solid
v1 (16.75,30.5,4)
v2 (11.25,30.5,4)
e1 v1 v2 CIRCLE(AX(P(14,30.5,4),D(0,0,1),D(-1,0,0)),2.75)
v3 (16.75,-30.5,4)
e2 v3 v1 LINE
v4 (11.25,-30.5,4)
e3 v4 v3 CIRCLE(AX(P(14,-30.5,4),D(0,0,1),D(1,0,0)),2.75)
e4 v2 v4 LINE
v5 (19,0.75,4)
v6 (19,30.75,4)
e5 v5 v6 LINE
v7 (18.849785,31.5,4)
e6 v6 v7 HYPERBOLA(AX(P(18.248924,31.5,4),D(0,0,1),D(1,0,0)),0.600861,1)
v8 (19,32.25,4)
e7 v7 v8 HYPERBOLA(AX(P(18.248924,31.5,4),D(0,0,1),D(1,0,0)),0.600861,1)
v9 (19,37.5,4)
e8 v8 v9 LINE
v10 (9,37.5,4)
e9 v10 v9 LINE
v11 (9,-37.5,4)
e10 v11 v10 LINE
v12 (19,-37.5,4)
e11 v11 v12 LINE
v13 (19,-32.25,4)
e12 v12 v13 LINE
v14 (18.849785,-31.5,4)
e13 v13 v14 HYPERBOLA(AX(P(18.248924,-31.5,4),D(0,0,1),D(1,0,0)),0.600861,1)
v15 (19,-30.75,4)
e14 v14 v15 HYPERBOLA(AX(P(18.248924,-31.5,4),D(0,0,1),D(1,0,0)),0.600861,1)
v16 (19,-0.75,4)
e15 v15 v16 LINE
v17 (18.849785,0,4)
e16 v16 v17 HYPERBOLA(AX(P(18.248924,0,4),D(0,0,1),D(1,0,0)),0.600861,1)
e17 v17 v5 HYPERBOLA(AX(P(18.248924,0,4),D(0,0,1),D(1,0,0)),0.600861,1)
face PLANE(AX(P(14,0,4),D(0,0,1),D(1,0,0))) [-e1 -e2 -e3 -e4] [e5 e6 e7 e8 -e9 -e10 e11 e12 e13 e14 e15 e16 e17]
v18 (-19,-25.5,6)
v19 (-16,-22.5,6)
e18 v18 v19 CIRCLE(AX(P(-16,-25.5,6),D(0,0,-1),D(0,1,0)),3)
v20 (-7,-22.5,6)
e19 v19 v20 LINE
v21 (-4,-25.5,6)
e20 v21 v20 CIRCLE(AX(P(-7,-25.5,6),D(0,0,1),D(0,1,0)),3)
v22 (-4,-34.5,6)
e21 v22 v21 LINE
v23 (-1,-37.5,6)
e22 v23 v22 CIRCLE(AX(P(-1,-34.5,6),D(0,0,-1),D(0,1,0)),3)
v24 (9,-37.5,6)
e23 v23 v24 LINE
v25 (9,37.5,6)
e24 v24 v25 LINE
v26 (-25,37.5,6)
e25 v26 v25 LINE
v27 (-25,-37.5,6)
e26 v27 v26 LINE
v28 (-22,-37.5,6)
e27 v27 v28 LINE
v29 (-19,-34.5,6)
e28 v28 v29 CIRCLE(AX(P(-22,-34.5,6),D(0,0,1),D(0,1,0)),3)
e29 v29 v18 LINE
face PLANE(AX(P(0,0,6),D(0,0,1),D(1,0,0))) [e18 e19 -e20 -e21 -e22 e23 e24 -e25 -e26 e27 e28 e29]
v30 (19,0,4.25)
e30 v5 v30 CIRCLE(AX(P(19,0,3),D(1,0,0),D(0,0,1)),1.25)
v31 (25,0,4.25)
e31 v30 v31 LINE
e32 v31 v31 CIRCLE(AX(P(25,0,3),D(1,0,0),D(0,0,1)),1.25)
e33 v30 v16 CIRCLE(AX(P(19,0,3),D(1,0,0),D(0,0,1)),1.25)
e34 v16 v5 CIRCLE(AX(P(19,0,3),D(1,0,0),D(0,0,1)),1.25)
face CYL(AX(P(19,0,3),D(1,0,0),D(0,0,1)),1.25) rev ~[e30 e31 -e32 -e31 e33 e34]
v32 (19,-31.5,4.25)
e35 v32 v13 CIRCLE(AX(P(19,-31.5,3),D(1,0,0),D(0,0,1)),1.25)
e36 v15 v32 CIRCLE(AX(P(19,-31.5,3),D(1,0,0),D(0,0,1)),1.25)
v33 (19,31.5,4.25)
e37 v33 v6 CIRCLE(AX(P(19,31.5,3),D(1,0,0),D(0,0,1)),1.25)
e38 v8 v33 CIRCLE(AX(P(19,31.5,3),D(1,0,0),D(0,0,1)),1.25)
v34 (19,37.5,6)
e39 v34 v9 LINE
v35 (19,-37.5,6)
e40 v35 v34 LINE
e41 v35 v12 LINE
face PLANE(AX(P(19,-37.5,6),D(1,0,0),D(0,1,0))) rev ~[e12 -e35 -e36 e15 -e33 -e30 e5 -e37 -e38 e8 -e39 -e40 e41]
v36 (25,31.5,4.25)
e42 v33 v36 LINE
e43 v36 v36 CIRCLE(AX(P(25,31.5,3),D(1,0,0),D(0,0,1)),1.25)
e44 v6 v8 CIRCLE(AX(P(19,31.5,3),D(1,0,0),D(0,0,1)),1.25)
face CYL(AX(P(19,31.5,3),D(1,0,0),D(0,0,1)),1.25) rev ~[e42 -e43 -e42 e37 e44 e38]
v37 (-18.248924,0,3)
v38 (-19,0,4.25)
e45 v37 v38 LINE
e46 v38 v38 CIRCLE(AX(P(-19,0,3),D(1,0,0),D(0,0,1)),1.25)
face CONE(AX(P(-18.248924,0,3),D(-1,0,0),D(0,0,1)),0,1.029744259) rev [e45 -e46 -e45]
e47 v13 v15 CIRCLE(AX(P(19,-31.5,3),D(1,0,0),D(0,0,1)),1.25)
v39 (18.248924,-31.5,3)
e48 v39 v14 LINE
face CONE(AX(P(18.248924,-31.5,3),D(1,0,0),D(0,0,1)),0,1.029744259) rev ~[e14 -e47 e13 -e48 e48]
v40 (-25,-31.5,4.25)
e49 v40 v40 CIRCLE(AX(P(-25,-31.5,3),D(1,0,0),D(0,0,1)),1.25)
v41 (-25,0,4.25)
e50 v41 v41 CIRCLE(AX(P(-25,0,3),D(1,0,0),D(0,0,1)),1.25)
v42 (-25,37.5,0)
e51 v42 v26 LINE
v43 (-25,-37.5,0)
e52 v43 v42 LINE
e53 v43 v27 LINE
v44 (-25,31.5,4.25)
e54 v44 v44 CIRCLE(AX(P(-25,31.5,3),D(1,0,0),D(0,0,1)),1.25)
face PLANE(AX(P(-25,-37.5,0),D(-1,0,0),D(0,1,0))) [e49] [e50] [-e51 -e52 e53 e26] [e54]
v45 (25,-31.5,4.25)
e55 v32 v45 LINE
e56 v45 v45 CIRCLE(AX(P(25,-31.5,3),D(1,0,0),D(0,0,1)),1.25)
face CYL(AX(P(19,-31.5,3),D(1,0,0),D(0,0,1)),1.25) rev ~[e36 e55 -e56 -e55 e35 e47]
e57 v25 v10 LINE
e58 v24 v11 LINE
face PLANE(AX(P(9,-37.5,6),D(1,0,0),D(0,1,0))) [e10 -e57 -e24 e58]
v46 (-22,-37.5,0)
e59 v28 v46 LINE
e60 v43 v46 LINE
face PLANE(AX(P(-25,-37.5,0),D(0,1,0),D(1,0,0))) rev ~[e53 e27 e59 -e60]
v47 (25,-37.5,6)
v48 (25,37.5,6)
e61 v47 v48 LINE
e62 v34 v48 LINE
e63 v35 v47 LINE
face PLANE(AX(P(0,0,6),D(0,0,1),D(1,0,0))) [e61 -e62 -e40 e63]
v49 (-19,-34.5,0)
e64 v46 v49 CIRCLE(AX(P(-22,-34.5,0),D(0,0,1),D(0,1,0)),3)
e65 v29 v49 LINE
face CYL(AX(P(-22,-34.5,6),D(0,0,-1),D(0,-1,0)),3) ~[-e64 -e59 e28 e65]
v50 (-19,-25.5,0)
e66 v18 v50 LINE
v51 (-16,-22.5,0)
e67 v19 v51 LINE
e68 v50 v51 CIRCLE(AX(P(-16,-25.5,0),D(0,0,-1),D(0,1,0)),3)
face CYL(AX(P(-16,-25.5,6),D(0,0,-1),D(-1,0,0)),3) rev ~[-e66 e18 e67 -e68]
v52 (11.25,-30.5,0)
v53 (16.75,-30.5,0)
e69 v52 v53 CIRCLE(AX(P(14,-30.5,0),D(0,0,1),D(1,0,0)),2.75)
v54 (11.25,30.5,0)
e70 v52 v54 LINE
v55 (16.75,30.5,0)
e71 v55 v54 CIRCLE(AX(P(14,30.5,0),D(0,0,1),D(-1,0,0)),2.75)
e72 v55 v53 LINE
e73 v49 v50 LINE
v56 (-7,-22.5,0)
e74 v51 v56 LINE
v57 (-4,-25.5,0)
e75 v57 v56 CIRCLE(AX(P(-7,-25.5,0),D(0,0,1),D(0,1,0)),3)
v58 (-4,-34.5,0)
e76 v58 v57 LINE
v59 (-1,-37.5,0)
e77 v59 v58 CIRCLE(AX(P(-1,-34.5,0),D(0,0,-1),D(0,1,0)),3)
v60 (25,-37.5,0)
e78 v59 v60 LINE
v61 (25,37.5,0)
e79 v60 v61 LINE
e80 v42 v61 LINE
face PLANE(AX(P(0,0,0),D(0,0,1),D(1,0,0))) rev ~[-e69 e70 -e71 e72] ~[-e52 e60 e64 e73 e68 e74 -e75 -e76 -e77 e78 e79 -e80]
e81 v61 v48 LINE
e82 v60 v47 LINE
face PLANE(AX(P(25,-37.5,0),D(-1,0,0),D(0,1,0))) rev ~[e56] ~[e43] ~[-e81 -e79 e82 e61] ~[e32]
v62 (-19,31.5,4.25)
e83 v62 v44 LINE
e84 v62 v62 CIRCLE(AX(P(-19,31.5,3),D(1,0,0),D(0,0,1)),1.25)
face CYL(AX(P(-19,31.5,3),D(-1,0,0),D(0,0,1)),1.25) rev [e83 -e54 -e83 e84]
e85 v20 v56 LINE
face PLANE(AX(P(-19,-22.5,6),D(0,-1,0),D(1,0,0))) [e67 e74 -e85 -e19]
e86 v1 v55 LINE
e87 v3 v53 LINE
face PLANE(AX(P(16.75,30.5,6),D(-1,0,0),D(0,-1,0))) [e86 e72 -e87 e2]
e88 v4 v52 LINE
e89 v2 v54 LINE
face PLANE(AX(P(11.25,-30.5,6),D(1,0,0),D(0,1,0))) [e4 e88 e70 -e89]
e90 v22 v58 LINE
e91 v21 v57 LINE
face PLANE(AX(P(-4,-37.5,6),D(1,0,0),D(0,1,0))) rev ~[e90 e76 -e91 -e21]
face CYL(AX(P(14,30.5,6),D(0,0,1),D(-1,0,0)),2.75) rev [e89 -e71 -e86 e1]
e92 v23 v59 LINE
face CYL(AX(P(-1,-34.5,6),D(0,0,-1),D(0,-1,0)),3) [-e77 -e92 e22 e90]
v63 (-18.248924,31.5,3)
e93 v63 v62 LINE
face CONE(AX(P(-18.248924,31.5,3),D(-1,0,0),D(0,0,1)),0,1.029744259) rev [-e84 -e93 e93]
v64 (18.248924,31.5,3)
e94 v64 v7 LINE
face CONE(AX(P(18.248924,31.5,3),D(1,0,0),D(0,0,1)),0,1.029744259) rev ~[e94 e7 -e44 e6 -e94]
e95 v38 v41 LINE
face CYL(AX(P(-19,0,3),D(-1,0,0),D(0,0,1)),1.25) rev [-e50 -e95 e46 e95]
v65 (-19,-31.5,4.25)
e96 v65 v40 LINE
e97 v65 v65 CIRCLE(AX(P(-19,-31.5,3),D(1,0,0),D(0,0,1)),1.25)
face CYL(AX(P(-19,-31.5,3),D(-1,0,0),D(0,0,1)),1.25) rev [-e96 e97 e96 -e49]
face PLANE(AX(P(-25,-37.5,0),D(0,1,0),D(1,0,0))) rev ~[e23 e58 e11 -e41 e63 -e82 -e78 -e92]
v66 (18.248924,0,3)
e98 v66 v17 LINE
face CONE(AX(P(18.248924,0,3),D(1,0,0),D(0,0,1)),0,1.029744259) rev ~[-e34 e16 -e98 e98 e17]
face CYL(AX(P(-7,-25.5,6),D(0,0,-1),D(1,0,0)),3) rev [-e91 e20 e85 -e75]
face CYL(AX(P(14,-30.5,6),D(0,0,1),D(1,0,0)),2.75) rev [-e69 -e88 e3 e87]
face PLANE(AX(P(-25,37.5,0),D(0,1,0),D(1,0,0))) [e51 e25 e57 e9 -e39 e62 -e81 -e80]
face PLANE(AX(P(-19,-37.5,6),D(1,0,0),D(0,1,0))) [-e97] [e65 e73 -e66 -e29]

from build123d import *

# Parameters (mm, degrees)
SKETCH_1_W          = 50
SKETCH_1_H          = 75
EXTRUDE_1_DEPTH     = 6
CUT_EXTRUDE_1_DEPTH = 46.467021015
M3X0_51_AT_2_COUNT  = 2
M3X0_51_AT_2_PITCH  = 31.5
M3X0_51_AT_3_COUNT  = 2
M3X0_51_AT_3_PITCH  = 63
SKETCH_6_W          = 10
SKETCH_6_H          = 75
CUT_EXTRUDE_2_DEPTH = 2
SKETCH_7_W          = 15
SKETCH_7_H          = 15
CUT_EXTRUDE_3_DEPTH = 46.467021015
FILLET_1_R          = 3


with BuildPart() as part:
    # Эскиз1 → Бобышка-Вытянуть1 (new body)
    with BuildSketch(Plane.XY):
        Rectangle(SKETCH_1_W, SKETCH_1_H)
    extrude(amount=EXTRUDE_1_DEPTH)

    # Эскиз2 → Вырез-Вытянуть1 (cut, through all)
    with BuildSketch(Plane.XY.offset(6)):
        with BuildLine():
            Line((16.75, 30.5), (16.75, -30.5))
            ThreePointArc((16.75, -30.5), (14, -33.25), (11.25, -30.5))
            Line((11.25, -30.5), (11.25, 30.5))
            ThreePointArc((11.25, 30.5), (14, 33.25), (16.75, 30.5))
        make_face()
    extrude(amount=-CUT_EXTRUDE_1_DEPTH, mode=Mode.SUBTRACT)

    # Эскиз4 → Отверстие обработанное метчиком M3x0.51 (revolve, cut)
    with BuildSketch(Plane(origin=(-25, 31.5, 3), x_dir=(0, 0, 1), z_dir=(0, 1, 0))):
        Polygon((0, 0), (0, 6.751075774), (1.25, 6), (1.25, 0), align=None)
    m3x0_51 = revolve(axis=Axis((-31.35, 31.5, 3), (1, 0, 0)), mode=Mode.SUBTRACT)

    # Отверстие обработанное метчиком M3x0.51 at 2: Отверстие обработанное метчиком M3x0.51 ×2
    with Locations(*[(0, -i * M3X0_51_AT_2_PITCH, 0) for i in range(1, M3X0_51_AT_2_COUNT)]):
        add(m3x0_51, mode=Mode.SUBTRACT)

    # Отверстие обработанное метчиком M3x0.51 at 3: Отверстие обработанное метчиком M3x0.51 ×2
    with Locations(*[(0, -i * M3X0_51_AT_3_PITCH, 0) for i in range(1, M3X0_51_AT_3_COUNT)]):
        add(m3x0_51, mode=Mode.SUBTRACT)

    # Зеркальное отражение1: Отверстие обработанное метчиком M3x0.51 across plane
    add(m3x0_51.mirror(Plane.ZY), mode=Mode.SUBTRACT)

    # Зеркальное отражение1 copy 1 sketch → Зеркальное отражение1 copy 1 (revolve, cut)
    with BuildSketch(Plane(origin=(25, 0, 3), x_dir=(0, 0, 1), z_dir=(0, 1, 0))):
        Polygon((0, 0), (0, -6.751075774), (1.25, -6), (1.25, 0), align=None)
    revolve(axis=Axis((31.35, 0, 3), (1, 0, 0)), mode=Mode.SUBTRACT)

    # Зеркальное отражение1 copy 2 sketch → Зеркальное отражение1 copy 2 (revolve, cut)
    with BuildSketch(Plane(origin=(25, -31.5, 3), x_dir=(0, 0, 1), z_dir=(0, 1, 0))):
        Polygon((0, 0), (0, -6.751075774), (1.25, -6), (1.25, 0), align=None)
    revolve(axis=Axis((31.35, -31.5, 3), (1, 0, 0)), mode=Mode.SUBTRACT)

    # Эскиз6 → Вырез-Вытянуть2 (cut)
    with BuildSketch(Plane.XY.offset(6)):
        with Locations((14, 0)):
            Rectangle(SKETCH_6_W, SKETCH_6_H)
    extrude(amount=-CUT_EXTRUDE_2_DEPTH, mode=Mode.SUBTRACT)

    # Эскиз7 → Вырез-Вытянуть3 (cut, through all)
    with BuildSketch(Plane.XY.offset(6)):
        with Locations((-11.5, -30)):
            Rectangle(SKETCH_7_W, SKETCH_7_H)
    extrude(amount=-CUT_EXTRUDE_3_DEPTH, mode=Mode.SUBTRACT)

    # Скругление1
    fillet_1_edges = [part.edges().sort_by_distance(p)[0] for p in [
        (-19, -37.5, 3),
        (-4, -22.5, 3),
        (-4, -37.5, 3),
        (-19, -22.5, 3),
    ]]
    fillet(fillet_1_edges, radius=FILLET_1_R)


solid = part.part
